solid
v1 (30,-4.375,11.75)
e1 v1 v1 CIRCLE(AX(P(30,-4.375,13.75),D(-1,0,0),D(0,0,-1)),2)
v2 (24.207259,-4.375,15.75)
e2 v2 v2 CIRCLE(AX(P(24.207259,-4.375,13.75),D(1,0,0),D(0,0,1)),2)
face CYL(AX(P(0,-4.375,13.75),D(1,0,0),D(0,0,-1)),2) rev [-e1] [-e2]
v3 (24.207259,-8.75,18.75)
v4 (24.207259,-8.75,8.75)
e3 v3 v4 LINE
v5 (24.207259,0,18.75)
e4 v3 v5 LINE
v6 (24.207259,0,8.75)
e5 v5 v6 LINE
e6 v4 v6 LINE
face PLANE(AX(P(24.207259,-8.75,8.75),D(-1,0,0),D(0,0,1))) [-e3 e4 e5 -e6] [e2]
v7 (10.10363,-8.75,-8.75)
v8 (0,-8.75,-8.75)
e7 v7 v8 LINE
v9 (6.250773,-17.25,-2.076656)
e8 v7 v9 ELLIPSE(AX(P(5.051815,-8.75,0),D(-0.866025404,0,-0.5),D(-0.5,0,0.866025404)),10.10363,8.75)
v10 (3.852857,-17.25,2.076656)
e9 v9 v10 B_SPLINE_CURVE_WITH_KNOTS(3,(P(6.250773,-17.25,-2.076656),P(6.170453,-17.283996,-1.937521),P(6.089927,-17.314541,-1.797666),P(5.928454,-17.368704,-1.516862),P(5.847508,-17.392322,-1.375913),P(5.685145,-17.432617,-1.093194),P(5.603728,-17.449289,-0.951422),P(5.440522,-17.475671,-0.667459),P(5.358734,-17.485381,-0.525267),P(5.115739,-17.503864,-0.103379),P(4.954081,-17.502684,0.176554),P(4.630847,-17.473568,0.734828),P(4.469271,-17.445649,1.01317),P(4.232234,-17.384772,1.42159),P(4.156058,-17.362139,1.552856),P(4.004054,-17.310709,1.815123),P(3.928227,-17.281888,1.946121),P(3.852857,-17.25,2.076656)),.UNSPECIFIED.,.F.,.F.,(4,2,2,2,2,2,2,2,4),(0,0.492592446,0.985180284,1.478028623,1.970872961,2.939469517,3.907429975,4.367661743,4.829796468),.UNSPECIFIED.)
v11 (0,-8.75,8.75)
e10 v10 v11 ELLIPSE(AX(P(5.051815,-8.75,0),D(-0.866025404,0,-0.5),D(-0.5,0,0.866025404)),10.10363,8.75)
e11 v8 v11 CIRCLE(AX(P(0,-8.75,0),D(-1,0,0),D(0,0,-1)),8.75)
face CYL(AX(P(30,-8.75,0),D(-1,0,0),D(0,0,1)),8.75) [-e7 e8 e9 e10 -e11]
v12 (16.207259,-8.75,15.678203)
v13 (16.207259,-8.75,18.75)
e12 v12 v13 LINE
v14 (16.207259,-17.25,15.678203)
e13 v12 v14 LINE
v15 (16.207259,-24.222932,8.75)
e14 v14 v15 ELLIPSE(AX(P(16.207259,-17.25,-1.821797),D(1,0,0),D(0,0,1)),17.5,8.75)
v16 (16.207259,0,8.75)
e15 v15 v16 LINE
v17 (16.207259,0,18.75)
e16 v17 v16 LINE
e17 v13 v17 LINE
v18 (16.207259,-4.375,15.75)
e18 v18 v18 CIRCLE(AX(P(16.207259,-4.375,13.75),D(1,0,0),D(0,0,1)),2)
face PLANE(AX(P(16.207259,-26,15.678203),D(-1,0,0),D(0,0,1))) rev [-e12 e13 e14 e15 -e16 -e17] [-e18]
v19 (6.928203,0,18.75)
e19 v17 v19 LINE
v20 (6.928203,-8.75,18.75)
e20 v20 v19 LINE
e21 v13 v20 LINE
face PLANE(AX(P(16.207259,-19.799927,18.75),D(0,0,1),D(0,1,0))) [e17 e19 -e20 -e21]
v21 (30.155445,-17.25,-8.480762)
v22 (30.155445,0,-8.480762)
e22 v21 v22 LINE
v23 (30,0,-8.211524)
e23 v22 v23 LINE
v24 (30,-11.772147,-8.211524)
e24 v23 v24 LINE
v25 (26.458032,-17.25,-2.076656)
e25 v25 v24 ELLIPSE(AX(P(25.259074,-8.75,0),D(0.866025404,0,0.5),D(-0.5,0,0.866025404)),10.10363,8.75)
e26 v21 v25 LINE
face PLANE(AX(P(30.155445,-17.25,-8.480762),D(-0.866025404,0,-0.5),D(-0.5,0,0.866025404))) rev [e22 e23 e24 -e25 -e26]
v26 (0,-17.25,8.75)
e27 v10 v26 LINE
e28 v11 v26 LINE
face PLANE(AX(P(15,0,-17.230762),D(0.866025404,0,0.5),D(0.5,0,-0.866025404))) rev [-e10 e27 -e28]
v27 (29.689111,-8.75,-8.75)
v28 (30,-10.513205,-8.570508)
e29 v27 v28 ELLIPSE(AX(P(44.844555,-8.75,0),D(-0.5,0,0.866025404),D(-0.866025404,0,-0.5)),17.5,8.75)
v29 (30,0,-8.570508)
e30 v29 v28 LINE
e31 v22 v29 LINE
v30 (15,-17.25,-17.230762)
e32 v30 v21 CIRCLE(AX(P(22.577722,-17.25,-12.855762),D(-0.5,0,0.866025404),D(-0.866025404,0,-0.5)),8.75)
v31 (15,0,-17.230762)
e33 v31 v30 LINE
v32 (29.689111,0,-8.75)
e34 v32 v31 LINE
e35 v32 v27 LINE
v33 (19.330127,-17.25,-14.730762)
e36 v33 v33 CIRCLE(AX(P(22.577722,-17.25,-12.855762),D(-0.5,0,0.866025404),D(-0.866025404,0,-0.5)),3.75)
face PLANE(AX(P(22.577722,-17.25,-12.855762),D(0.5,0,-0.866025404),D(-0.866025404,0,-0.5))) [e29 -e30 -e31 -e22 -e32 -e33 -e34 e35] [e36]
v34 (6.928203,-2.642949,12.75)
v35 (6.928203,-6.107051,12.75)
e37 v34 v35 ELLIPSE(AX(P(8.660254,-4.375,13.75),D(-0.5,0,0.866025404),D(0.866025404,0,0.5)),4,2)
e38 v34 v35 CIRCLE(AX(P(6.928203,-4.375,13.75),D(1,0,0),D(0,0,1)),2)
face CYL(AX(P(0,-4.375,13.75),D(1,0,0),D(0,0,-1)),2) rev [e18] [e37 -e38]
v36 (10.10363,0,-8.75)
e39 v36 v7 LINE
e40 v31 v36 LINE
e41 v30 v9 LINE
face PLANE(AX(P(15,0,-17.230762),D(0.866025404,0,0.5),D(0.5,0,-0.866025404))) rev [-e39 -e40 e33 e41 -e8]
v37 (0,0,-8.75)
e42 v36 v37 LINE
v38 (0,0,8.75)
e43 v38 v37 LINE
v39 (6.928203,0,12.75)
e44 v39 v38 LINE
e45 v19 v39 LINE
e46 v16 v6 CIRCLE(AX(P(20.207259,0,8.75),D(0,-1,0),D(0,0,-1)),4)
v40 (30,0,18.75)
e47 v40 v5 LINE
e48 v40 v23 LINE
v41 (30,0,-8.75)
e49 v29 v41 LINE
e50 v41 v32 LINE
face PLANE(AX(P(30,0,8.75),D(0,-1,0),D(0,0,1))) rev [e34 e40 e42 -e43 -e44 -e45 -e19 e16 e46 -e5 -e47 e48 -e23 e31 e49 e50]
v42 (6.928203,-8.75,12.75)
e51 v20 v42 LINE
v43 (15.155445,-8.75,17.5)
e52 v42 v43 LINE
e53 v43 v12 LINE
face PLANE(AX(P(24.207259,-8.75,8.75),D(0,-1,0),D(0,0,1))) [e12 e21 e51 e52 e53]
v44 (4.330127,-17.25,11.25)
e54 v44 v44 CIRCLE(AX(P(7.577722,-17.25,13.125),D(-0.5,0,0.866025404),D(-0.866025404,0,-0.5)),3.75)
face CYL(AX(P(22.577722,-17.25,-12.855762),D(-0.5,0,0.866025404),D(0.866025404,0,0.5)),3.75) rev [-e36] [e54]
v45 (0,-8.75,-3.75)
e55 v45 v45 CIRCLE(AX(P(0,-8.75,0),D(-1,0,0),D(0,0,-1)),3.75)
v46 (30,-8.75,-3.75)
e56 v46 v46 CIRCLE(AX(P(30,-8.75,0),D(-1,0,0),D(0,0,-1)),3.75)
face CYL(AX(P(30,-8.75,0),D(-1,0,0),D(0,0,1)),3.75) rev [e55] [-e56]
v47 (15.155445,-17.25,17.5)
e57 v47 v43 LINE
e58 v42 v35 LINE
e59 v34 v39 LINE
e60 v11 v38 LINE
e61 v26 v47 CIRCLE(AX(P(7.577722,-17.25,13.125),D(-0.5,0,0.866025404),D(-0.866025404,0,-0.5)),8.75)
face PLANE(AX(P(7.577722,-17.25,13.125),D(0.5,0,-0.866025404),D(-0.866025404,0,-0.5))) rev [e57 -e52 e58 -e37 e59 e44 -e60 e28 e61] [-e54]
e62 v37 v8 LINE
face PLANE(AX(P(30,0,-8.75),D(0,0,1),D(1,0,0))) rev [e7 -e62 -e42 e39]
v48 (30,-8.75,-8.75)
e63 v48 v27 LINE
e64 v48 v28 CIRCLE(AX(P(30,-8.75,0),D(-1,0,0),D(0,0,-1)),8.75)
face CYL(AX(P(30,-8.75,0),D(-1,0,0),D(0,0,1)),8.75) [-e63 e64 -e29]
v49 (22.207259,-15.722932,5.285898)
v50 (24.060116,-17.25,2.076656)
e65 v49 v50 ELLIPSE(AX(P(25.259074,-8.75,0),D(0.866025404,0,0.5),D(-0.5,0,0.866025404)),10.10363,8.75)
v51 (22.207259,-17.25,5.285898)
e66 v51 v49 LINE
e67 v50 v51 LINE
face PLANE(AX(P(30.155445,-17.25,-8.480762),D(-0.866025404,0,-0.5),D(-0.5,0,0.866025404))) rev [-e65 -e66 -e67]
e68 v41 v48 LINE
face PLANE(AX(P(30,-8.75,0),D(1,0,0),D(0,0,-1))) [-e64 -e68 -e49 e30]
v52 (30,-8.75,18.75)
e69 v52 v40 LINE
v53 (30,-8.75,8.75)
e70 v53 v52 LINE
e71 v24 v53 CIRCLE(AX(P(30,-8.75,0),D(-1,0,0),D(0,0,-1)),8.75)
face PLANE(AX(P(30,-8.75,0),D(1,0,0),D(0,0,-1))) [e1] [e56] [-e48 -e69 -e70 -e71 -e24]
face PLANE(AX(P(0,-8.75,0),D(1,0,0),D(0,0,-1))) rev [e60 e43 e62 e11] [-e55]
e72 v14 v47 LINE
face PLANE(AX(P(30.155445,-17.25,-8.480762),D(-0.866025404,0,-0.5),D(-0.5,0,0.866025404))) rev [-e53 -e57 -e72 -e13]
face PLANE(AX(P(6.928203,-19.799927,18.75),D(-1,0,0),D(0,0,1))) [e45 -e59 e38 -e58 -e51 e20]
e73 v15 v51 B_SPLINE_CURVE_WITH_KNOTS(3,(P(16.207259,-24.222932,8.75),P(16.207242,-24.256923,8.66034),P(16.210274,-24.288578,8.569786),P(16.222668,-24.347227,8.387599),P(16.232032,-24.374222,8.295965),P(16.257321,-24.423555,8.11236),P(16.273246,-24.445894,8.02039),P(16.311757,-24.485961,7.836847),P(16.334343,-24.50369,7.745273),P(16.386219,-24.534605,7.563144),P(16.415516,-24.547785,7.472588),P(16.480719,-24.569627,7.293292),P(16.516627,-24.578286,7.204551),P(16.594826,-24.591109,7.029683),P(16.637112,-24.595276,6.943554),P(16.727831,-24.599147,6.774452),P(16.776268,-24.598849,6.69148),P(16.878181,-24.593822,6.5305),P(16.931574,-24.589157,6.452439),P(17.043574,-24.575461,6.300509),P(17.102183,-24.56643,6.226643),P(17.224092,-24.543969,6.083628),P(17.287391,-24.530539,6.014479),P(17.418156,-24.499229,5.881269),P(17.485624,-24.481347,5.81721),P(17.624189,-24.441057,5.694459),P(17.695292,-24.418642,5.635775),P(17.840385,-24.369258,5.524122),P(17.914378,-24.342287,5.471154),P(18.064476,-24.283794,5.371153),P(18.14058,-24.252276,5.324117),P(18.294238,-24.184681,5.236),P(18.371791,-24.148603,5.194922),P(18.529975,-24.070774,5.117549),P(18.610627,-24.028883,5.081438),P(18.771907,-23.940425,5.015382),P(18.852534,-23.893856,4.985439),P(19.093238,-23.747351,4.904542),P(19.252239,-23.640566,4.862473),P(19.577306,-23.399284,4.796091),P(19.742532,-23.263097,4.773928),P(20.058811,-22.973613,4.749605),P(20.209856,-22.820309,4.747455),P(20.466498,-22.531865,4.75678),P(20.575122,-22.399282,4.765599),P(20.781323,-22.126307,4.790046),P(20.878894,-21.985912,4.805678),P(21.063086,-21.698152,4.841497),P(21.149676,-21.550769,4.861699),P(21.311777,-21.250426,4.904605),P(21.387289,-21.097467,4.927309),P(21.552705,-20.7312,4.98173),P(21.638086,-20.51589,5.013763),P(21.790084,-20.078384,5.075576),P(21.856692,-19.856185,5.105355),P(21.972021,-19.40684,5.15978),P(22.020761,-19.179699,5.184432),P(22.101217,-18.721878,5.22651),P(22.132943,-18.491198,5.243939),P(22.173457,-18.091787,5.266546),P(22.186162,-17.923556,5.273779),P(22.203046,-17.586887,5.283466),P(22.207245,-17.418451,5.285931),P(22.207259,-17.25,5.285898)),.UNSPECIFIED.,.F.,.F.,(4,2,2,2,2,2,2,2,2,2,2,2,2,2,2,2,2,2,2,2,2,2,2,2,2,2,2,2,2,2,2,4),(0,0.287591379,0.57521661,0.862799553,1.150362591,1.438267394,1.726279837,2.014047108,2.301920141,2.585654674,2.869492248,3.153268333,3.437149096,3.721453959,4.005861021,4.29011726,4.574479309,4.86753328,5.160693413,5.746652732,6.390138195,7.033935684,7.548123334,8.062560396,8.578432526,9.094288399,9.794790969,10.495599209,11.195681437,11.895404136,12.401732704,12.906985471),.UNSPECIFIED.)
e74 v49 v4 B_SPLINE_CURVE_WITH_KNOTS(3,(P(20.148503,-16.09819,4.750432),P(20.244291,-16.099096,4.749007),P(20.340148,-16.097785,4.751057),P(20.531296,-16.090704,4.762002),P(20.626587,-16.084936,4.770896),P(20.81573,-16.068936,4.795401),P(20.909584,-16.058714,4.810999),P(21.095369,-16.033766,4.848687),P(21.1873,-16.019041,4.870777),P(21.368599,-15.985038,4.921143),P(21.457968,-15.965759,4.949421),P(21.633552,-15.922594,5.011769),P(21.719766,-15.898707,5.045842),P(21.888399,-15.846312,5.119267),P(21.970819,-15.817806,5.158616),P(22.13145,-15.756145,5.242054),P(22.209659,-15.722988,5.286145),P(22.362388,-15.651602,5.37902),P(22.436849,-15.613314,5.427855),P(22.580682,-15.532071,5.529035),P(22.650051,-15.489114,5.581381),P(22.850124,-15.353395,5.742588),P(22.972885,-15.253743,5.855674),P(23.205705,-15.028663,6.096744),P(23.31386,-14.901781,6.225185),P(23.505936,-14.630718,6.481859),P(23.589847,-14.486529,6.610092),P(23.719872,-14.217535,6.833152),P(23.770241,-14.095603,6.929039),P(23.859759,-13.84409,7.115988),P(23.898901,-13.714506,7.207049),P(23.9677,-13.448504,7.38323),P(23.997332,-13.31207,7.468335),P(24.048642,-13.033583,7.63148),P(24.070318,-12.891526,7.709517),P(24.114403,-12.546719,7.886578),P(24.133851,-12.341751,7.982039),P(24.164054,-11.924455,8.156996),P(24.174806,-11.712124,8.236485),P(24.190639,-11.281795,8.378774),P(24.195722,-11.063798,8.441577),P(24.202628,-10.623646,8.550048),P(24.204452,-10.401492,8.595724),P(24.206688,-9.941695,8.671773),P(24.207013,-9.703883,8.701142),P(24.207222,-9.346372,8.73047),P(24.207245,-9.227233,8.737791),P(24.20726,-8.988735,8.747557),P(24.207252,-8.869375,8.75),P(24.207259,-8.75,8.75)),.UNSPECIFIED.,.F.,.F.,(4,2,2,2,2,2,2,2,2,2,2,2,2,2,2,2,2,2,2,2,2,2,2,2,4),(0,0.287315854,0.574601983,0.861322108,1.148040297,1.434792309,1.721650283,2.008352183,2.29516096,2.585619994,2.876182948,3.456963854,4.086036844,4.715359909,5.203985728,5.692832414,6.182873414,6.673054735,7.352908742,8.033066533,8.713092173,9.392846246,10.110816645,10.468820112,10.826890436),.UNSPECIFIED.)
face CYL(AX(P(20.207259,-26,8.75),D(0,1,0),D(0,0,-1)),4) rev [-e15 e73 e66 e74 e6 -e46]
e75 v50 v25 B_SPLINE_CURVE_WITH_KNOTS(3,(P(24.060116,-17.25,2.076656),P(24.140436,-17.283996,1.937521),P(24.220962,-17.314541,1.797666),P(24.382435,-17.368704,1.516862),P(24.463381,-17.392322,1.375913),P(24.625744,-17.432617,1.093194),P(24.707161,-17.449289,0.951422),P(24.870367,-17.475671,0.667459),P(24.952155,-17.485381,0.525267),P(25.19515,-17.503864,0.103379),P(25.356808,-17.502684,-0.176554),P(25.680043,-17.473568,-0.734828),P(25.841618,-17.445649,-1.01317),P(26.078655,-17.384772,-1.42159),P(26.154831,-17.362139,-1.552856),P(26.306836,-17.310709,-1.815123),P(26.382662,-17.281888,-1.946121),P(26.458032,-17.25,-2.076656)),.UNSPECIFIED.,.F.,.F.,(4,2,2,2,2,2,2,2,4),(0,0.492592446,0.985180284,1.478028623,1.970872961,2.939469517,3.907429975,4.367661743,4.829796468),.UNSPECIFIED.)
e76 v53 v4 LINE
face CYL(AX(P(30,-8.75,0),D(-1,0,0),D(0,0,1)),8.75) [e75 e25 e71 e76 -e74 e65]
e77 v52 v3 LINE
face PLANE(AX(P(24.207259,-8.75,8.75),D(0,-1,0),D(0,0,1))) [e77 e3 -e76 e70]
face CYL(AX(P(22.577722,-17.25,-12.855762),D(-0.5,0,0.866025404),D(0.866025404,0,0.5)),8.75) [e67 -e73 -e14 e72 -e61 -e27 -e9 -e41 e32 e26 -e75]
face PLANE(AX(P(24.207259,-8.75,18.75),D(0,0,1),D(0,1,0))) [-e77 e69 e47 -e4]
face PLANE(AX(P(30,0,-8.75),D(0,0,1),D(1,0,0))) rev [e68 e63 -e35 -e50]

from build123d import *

# Parameters (mm, degrees)
SKETCH1_R           = 3.75
BOSS_EXTRUDE1_DEPTH = 30
SKETCH2_R           = 3.75
BOSS_EXTRUDE2_DEPTH = 30
CUT_EXTRUDE1_DEPTH  = 27.0000001
SKETCH4_W           = 5.792740578
SKETCH4_H           = 10
BOSS_EXTRUDE3_DEPTH = 8.75
BOSS_EXTRUDE4_DEPTH = 8.75
SKETCH5_R           = 2
CUT_EXTRUDE2_DEPTH  = 31.0000001
SKETCH7_R           = 3.75
CUT_EXTRUDE3_DEPTH  = 31.155444666
SKETCH8_R           = 3.75
CUT_EXTRUDE4_DEPTH  = 38.57772242


with BuildPart() as part:
    # Sketch1 → Boss-Extrude1 (new body)
    with BuildSketch(Plane(origin=(0, 0, 0), x_dir=(0, 0, -1), z_dir=(1, 0, 0))):
        with BuildLine():
            Line((-8.75, 0), (8.75, 0))
            Line((8.75, 0), (8.75, 8.75))
            ThreePointArc((8.75, 8.75), (0, 17.5), (-8.75, 8.75))
            Line((-8.75, 8.75), (-8.75, 0))
        make_face()
        with Locations((0, 8.75)):
            Circle(SKETCH1_R, mode=Mode.SUBTRACT)
    extrude(amount=BOSS_EXTRUDE1_DEPTH)

    # Sketch2 → Boss-Extrude2 (add)
    with BuildSketch(Plane(origin=(-3.788861142, 0, 6.5625), x_dir=(-0.866025404, 0, -0.5), z_dir=(0.5, 0, -0.866025404))):
        with BuildLine():
            Line((-4.375, 0), (-4.375, 17.25))
            ThreePointArc((-4.375, 17.25), (-13.125, 26), (-21.875, 17.25))
            Line((-21.875, 17.25), (-21.875, 0))
            Line((-21.875, 0), (-4.375, 0))
        make_face()
        with Locations((-13.125, 17.25)):
            Circle(SKETCH2_R, mode=Mode.SUBTRACT)
    extrude(amount=BOSS_EXTRUDE2_DEPTH)

    # Sketch3 → Cut-Extrude1 (cut, through all)
    with BuildSketch(Plane.XZ):
        with BuildLine():
            Line((24.207259422, 8.75), (24.207259422, 15.67820323))
            Line((24.207259422, 15.67820323), (16.207259422, 15.67820323))
            Line((16.207259422, 15.67820323), (16.207259422, 8.75))
            ThreePointArc((16.207259422, 8.75), (20.207259422, 4.75), (24.207259422, 8.75))
        make_face()
    extrude(amount=-CUT_EXTRUDE1_DEPTH, mode=Mode.SUBTRACT)

    # Sketch4 → Boss-Extrude3 (add)
    with BuildSketch(Plane.XZ):
        with Locations((27.103629711, 13.75)):
            Rectangle(SKETCH4_W, SKETCH4_H)
    extrude(amount=-BOSS_EXTRUDE3_DEPTH)

    # Sketch6 → Boss-Extrude4 (add)
    with BuildSketch(Plane.XZ):
        Polygon((16.207259422, 15.67820323), (16.207259422, 18.75), (6.92820323, 18.75), (6.92820323, 12.75), align=None)
    extrude(amount=-BOSS_EXTRUDE4_DEPTH)

    # Sketch5 → Cut-Extrude2 (cut, through all)
    with BuildSketch(Plane(origin=(30, 0, 0), x_dir=(0, 0, -1), z_dir=(1, 0, 0))):
        with Locations(Location((-13.75, 4.375, 0), (0, 0, 60))):  # turned: the seam where the file's is
            Circle(SKETCH5_R)
    extrude(amount=-CUT_EXTRUDE2_DEPTH, mode=Mode.SUBTRACT)

    # Sketch7 → Cut-Extrude3 (cut, through all)
    with BuildSketch(Plane.ZY):
        with Locations(Location((0, 8.75, 0), (0, 0, 180))):  # turned: the seam where the file's is
            Circle(SKETCH7_R)
    extrude(amount=-CUT_EXTRUDE3_DEPTH, mode=Mode.SUBTRACT)

    # Sketch8 → Cut-Extrude4 (cut, through all)
    with BuildSketch(Plane(origin=(-3.788861142, 0, 6.5625), x_dir=(0.866025404, 0, 0.5), z_dir=(-0.5, 0, 0.866025404))):
        with Locations(Location((13.125, 17.25, 0), (0, 0, 180))):  # turned: the seam where the file's is
            Circle(SKETCH8_R)
    extrude(amount=-CUT_EXTRUDE4_DEPTH, mode=Mode.SUBTRACT)


with BuildPart() as body_2:
    # Mirror1: mirrored copy
    add(part.part.mirror(Plane(origin=(30, 0, 8.75), x_dir=(0, 0, 1), z_dir=(0, 1, 0))))


solid = body_2.part
